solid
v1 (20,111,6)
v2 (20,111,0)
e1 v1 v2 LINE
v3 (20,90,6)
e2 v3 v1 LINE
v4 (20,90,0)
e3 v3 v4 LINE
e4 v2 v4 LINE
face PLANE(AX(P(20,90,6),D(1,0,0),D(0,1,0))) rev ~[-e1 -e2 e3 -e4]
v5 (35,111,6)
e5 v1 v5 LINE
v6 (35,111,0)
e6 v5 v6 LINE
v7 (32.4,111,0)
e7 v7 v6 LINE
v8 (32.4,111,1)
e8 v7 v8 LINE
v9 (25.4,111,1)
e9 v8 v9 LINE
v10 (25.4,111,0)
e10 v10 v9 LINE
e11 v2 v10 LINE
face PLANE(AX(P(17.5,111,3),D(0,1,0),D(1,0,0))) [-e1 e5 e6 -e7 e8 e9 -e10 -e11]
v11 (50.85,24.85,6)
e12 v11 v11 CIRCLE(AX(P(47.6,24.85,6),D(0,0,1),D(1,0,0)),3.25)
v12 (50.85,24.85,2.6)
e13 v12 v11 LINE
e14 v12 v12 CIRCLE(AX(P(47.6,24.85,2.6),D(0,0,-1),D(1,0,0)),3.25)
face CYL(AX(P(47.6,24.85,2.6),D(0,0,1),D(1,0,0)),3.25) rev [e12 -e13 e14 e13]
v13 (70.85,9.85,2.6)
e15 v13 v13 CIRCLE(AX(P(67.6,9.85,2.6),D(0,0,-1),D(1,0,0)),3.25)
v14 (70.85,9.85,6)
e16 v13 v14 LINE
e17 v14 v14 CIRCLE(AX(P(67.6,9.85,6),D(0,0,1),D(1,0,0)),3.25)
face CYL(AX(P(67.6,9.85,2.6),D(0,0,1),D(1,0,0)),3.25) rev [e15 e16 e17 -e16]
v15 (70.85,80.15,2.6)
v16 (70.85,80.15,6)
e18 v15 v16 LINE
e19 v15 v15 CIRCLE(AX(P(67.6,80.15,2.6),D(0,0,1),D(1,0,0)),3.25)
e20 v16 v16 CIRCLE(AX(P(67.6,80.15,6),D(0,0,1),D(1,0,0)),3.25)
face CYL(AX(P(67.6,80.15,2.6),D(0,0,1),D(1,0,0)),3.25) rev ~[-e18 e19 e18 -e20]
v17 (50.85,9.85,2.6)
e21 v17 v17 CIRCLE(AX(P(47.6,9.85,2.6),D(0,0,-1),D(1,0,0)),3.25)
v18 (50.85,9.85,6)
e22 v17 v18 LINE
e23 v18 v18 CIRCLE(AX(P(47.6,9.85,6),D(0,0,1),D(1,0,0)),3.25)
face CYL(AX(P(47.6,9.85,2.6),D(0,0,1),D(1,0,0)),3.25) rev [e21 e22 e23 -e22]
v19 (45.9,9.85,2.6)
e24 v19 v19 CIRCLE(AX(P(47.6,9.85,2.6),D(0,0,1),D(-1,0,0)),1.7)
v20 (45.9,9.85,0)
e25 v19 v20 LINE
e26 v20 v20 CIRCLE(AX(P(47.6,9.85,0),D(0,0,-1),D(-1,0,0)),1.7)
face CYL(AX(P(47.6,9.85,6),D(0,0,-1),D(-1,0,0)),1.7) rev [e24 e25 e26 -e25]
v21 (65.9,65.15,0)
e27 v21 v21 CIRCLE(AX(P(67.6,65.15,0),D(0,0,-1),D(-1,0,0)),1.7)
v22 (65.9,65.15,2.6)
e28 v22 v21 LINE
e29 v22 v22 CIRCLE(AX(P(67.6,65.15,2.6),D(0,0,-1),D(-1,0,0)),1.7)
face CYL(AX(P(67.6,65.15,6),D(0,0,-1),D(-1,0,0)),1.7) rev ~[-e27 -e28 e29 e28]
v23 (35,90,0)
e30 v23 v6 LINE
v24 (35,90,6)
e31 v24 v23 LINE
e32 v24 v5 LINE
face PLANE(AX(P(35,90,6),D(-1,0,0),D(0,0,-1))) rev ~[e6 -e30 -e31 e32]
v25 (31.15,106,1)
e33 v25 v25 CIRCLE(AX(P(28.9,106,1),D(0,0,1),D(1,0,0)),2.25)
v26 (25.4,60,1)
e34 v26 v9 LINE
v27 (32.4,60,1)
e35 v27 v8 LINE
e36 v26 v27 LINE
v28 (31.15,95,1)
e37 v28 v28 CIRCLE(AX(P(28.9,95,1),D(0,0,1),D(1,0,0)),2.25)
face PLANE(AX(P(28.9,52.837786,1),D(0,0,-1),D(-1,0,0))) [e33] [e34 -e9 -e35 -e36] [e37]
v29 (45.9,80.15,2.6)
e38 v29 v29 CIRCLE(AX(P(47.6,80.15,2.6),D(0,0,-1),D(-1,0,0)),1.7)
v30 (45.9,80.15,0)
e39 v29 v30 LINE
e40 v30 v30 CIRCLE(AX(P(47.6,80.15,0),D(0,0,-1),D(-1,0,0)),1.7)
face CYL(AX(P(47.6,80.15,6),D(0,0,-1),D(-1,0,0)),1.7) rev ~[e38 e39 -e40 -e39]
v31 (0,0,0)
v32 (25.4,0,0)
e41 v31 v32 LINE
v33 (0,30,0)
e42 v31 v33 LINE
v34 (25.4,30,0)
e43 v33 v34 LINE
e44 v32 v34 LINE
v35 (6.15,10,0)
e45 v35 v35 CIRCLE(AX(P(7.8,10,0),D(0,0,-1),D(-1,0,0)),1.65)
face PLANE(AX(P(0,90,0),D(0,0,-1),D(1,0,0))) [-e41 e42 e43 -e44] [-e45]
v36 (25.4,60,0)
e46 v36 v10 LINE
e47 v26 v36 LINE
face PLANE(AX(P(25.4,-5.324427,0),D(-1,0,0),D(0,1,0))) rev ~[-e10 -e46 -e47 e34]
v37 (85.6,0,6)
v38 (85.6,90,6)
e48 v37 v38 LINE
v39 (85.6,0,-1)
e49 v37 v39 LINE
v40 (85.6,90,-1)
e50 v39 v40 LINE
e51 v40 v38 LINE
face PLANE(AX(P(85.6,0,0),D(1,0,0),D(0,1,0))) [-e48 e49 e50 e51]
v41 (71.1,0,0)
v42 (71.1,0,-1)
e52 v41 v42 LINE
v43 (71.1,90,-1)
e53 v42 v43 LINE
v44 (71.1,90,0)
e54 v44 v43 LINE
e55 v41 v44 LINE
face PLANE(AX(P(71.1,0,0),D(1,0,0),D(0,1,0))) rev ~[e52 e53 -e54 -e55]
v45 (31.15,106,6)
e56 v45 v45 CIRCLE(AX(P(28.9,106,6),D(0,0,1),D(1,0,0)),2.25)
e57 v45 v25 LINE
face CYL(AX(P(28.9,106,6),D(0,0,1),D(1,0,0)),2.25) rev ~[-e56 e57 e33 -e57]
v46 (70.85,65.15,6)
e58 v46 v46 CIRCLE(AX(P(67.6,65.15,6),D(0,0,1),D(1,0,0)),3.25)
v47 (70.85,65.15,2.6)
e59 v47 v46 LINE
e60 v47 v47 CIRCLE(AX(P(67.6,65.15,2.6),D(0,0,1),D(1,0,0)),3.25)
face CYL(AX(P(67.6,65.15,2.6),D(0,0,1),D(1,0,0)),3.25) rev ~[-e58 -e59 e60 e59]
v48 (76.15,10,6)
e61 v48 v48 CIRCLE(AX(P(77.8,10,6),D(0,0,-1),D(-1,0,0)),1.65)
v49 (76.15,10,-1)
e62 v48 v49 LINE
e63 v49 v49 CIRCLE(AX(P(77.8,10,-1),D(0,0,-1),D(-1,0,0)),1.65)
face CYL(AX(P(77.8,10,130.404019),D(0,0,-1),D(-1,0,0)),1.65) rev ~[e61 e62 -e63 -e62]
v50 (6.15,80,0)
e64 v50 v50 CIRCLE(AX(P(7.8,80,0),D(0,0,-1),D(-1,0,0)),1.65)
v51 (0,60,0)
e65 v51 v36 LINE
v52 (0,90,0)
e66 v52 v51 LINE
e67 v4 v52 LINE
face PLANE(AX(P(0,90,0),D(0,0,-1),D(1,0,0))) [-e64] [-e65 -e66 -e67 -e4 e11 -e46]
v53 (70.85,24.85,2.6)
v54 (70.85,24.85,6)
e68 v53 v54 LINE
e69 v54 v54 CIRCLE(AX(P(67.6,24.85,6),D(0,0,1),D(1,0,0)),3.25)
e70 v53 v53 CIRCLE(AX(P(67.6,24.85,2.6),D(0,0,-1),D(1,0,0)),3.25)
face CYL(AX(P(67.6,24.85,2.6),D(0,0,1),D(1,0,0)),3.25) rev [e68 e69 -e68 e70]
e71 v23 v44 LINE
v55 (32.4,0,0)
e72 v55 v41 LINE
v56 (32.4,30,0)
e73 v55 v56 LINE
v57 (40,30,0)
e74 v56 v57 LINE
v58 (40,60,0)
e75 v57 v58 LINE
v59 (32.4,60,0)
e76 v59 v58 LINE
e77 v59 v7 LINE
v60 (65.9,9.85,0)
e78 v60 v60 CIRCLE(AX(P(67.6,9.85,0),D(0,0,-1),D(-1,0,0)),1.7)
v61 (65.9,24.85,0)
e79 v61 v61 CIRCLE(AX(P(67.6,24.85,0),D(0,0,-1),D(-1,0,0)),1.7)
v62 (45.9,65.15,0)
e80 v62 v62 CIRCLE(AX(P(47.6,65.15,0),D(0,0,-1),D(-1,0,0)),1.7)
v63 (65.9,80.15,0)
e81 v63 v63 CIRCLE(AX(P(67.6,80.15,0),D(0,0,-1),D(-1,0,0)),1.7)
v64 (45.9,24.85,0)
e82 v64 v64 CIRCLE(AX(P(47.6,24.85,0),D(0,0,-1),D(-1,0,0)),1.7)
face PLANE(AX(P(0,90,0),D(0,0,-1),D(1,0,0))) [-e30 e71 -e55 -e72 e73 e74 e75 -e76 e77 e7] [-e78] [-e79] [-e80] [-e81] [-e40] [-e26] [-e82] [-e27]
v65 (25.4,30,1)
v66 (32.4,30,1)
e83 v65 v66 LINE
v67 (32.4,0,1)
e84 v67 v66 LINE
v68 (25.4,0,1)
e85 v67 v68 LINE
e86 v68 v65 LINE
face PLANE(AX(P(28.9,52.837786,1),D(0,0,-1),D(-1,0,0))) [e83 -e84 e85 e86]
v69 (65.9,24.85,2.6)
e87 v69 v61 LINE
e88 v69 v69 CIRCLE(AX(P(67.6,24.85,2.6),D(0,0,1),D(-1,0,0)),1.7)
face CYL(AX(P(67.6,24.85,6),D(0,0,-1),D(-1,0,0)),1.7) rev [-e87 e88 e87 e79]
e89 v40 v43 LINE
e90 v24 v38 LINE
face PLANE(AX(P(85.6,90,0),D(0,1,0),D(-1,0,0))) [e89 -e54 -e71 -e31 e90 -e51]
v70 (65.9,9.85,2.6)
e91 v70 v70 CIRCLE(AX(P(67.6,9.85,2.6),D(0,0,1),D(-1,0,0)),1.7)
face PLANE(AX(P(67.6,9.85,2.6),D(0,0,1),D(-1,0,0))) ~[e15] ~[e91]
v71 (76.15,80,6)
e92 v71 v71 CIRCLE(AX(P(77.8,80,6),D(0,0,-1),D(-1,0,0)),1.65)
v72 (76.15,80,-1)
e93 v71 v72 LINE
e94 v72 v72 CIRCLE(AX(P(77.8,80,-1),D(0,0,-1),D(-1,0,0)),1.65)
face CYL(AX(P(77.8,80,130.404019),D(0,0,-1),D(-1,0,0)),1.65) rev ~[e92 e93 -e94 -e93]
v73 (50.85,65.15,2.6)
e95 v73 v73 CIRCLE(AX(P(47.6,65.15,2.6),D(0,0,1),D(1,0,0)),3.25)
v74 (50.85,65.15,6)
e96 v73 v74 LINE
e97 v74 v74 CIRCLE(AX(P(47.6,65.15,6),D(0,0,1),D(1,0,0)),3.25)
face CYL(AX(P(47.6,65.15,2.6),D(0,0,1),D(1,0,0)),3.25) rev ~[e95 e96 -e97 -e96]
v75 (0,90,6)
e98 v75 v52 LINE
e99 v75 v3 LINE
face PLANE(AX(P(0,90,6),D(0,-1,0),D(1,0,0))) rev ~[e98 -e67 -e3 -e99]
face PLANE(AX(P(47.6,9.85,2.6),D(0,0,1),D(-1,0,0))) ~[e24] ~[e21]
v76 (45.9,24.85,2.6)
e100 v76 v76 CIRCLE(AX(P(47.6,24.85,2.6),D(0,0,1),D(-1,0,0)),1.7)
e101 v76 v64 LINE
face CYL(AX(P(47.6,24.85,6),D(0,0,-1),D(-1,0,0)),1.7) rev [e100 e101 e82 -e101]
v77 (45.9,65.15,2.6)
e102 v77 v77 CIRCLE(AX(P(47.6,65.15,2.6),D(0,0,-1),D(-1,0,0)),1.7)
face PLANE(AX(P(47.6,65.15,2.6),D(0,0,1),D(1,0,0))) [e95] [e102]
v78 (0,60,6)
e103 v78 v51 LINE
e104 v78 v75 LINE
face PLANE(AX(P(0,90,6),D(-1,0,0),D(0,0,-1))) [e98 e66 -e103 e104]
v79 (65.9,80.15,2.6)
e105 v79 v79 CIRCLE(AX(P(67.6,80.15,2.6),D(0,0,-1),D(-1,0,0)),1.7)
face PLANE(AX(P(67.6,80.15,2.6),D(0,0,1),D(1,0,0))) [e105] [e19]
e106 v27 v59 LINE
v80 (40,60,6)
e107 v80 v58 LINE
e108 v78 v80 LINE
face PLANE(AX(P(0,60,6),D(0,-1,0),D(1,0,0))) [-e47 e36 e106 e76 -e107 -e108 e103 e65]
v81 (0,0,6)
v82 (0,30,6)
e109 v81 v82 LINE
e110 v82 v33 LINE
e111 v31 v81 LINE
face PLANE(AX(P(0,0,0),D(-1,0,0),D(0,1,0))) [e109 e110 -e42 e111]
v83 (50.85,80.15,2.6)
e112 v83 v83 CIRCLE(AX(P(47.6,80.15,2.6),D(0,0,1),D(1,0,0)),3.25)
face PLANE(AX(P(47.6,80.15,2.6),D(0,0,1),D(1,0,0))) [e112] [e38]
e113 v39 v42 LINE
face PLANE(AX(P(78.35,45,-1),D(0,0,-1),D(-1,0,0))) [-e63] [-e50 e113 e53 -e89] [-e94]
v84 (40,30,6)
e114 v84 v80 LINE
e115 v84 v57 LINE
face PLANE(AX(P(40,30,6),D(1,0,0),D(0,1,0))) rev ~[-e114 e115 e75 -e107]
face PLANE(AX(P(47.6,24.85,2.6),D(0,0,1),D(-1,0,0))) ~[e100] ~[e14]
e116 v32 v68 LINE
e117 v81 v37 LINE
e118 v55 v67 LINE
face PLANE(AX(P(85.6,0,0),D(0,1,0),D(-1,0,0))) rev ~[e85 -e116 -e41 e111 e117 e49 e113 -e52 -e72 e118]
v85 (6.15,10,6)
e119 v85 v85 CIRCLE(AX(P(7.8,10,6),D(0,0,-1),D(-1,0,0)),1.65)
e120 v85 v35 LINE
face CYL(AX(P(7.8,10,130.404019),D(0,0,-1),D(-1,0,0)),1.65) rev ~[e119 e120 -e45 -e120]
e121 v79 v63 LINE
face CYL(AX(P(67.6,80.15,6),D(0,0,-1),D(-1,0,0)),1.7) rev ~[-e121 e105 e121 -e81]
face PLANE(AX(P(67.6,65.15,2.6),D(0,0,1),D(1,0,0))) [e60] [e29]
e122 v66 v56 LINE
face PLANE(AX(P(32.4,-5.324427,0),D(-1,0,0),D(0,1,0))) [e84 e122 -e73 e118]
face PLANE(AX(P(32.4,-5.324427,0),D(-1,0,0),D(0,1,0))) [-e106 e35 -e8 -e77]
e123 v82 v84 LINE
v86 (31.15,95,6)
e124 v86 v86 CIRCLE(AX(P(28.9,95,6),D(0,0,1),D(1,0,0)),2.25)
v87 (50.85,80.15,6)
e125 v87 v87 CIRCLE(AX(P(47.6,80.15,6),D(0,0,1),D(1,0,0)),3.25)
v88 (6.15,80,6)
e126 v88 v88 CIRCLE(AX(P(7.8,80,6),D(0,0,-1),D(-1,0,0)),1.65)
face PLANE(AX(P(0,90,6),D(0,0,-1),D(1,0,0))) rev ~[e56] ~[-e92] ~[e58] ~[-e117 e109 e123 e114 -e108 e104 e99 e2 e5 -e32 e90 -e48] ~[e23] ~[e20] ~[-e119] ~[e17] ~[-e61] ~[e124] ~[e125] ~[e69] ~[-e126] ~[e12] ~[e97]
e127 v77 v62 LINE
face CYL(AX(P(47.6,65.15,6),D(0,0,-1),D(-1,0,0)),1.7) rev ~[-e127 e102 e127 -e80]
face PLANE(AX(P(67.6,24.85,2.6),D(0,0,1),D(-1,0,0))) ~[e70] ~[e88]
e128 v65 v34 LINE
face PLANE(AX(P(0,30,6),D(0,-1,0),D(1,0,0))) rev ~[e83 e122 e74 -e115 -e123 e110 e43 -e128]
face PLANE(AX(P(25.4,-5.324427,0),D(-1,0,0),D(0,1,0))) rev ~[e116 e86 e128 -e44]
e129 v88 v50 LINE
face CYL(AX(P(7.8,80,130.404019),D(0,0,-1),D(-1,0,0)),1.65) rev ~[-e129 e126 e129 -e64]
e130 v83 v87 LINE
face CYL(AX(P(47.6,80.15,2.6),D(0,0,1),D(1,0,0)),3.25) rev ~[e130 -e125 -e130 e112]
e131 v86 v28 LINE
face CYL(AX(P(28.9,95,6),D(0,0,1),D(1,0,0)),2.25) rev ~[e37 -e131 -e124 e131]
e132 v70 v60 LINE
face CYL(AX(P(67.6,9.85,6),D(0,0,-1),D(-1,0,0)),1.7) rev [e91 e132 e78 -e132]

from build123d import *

# Parameters (mm, degrees)
SKETCH_1_W                   = 85.6
SKETCH_1_H                   = 90
EXTRUDE_1_DEPTH              = 6
SKETCH_2_W                   = 40
SKETCH_2_H                   = 30
CUT_EXTRUDE_1_DEPTH          = 7
SKETCH_3_W                   = 14.5
SKETCH_3_H                   = 90
EXTRUDE_2_DEPTH              = 1
HOLE_WIZARD_M3_1_D           = 3.4
HOLE_WIZARD_M3_1_CBORE_D     = 6.5
HOLE_WIZARD_M3_1_CBORE_DEPTH = 3.4
HOLE_WIZARD_M4_1_D           = 3.3
SKETCH_11_W                  = 35
SKETCH_11_H                  = 6
EXTRUDE_3_DEPTH              = 21
SKETCH_12_W                  = 20
SKETCH_12_H                  = 21
CUT_EXTRUDE_3_DEPTH          = 21
SKETCH_14_W                  = 7
SKETCH_14_H                  = 116.324427337
CUT_EXTRUDE_4_DEPTH          = 1
SKETCH_17_R                  = 2.25
CUT_EXTRUDE_5_DEPTH          = 8


with BuildPart() as part:
    # 草图1 → 凸台-拉伸1 (new body)
    with BuildSketch(Plane.XY):
        with Locations((42.8, 45)):
            Rectangle(SKETCH_1_W, SKETCH_1_H)
    extrude(amount=EXTRUDE_1_DEPTH)

    # 草图2 → 切除-拉伸1 (cut, through all)
    with BuildSketch(Plane.XY.offset(6)):
        with Locations((20, 45)):
            Rectangle(SKETCH_2_W, SKETCH_2_H)
    extrude(amount=-CUT_EXTRUDE_1_DEPTH, mode=Mode.SUBTRACT)

    # 草图3 → 凸台-拉伸2 (add)
    with BuildSketch(Plane(origin=(0, 0, 0), x_dir=(-1, 0, 0), z_dir=(0, 0, -1))):
        with Locations((-78.35, 45)):
            Rectangle(SKETCH_3_W, SKETCH_3_H)
    extrude(amount=EXTRUDE_2_DEPTH)

    # M3 六角凹头螺钉的柱形沉头孔1 (through all)
    with Locations(Plane.XY.offset(6)):
        with Locations((67.6, 65.15), (47.6, 65.15), (67.6, 80.15), (47.6, 80.15)):
            hole_wizard_m3_1 = CounterBoreHole(HOLE_WIZARD_M3_1_D / 2, HOLE_WIZARD_M3_1_CBORE_D / 2, HOLE_WIZARD_M3_1_CBORE_DEPTH)

    # 镜向1: M3 六角凹头螺钉的柱形沉头孔1 across plane
    add(hole_wizard_m3_1.mirror(Plane.ZX.offset(45)), mode=Mode.SUBTRACT)

    # M4 螺纹孔1 (through all)
    with Locations(Plane.XY.offset(6)):
        with Locations((77.8, 10), (7.8, 10), (77.8, 80), (7.8, 80)):
            Hole(HOLE_WIZARD_M4_1_D / 2)

    # 草图11 → 凸台-拉伸3 (add)
    with BuildSketch(Plane(origin=(0, 90, 0), x_dir=(1, 0, 0), z_dir=(0, 1, 0))):
        with Locations((17.5, -3)):
            Rectangle(SKETCH_11_W, SKETCH_11_H)
    extrude(amount=EXTRUDE_3_DEPTH)

    # 草图12 → 切除-拉伸3 (cut)
    with BuildSketch(Plane.XY.offset(6)):
        with Locations((10, 100.5)):
            Rectangle(SKETCH_12_W, SKETCH_12_H)
    extrude(amount=-CUT_EXTRUDE_3_DEPTH, mode=Mode.SUBTRACT)

    # 草图14 → 切除-拉伸4 (cut)
    with BuildSketch(Plane(origin=(0, 0, 0), x_dir=(-1, 0, 0), z_dir=(0, 0, -1))):
        with Locations((-28.9, 52.837786331)):
            Rectangle(SKETCH_14_W, SKETCH_14_H)
    extrude(amount=-CUT_EXTRUDE_4_DEPTH, mode=Mode.SUBTRACT)

    # 草图17 → 切除-拉伸5 (cut, through all)
    with BuildSketch(Plane.XY.offset(6)):
        with Locations((28.9, 106)):
            Circle(SKETCH_17_R)
        with Locations((28.9, 95)):
            Circle(SKETCH_17_R)
    extrude(amount=-CUT_EXTRUDE_5_DEPTH, mode=Mode.SUBTRACT)


solid = part.part
